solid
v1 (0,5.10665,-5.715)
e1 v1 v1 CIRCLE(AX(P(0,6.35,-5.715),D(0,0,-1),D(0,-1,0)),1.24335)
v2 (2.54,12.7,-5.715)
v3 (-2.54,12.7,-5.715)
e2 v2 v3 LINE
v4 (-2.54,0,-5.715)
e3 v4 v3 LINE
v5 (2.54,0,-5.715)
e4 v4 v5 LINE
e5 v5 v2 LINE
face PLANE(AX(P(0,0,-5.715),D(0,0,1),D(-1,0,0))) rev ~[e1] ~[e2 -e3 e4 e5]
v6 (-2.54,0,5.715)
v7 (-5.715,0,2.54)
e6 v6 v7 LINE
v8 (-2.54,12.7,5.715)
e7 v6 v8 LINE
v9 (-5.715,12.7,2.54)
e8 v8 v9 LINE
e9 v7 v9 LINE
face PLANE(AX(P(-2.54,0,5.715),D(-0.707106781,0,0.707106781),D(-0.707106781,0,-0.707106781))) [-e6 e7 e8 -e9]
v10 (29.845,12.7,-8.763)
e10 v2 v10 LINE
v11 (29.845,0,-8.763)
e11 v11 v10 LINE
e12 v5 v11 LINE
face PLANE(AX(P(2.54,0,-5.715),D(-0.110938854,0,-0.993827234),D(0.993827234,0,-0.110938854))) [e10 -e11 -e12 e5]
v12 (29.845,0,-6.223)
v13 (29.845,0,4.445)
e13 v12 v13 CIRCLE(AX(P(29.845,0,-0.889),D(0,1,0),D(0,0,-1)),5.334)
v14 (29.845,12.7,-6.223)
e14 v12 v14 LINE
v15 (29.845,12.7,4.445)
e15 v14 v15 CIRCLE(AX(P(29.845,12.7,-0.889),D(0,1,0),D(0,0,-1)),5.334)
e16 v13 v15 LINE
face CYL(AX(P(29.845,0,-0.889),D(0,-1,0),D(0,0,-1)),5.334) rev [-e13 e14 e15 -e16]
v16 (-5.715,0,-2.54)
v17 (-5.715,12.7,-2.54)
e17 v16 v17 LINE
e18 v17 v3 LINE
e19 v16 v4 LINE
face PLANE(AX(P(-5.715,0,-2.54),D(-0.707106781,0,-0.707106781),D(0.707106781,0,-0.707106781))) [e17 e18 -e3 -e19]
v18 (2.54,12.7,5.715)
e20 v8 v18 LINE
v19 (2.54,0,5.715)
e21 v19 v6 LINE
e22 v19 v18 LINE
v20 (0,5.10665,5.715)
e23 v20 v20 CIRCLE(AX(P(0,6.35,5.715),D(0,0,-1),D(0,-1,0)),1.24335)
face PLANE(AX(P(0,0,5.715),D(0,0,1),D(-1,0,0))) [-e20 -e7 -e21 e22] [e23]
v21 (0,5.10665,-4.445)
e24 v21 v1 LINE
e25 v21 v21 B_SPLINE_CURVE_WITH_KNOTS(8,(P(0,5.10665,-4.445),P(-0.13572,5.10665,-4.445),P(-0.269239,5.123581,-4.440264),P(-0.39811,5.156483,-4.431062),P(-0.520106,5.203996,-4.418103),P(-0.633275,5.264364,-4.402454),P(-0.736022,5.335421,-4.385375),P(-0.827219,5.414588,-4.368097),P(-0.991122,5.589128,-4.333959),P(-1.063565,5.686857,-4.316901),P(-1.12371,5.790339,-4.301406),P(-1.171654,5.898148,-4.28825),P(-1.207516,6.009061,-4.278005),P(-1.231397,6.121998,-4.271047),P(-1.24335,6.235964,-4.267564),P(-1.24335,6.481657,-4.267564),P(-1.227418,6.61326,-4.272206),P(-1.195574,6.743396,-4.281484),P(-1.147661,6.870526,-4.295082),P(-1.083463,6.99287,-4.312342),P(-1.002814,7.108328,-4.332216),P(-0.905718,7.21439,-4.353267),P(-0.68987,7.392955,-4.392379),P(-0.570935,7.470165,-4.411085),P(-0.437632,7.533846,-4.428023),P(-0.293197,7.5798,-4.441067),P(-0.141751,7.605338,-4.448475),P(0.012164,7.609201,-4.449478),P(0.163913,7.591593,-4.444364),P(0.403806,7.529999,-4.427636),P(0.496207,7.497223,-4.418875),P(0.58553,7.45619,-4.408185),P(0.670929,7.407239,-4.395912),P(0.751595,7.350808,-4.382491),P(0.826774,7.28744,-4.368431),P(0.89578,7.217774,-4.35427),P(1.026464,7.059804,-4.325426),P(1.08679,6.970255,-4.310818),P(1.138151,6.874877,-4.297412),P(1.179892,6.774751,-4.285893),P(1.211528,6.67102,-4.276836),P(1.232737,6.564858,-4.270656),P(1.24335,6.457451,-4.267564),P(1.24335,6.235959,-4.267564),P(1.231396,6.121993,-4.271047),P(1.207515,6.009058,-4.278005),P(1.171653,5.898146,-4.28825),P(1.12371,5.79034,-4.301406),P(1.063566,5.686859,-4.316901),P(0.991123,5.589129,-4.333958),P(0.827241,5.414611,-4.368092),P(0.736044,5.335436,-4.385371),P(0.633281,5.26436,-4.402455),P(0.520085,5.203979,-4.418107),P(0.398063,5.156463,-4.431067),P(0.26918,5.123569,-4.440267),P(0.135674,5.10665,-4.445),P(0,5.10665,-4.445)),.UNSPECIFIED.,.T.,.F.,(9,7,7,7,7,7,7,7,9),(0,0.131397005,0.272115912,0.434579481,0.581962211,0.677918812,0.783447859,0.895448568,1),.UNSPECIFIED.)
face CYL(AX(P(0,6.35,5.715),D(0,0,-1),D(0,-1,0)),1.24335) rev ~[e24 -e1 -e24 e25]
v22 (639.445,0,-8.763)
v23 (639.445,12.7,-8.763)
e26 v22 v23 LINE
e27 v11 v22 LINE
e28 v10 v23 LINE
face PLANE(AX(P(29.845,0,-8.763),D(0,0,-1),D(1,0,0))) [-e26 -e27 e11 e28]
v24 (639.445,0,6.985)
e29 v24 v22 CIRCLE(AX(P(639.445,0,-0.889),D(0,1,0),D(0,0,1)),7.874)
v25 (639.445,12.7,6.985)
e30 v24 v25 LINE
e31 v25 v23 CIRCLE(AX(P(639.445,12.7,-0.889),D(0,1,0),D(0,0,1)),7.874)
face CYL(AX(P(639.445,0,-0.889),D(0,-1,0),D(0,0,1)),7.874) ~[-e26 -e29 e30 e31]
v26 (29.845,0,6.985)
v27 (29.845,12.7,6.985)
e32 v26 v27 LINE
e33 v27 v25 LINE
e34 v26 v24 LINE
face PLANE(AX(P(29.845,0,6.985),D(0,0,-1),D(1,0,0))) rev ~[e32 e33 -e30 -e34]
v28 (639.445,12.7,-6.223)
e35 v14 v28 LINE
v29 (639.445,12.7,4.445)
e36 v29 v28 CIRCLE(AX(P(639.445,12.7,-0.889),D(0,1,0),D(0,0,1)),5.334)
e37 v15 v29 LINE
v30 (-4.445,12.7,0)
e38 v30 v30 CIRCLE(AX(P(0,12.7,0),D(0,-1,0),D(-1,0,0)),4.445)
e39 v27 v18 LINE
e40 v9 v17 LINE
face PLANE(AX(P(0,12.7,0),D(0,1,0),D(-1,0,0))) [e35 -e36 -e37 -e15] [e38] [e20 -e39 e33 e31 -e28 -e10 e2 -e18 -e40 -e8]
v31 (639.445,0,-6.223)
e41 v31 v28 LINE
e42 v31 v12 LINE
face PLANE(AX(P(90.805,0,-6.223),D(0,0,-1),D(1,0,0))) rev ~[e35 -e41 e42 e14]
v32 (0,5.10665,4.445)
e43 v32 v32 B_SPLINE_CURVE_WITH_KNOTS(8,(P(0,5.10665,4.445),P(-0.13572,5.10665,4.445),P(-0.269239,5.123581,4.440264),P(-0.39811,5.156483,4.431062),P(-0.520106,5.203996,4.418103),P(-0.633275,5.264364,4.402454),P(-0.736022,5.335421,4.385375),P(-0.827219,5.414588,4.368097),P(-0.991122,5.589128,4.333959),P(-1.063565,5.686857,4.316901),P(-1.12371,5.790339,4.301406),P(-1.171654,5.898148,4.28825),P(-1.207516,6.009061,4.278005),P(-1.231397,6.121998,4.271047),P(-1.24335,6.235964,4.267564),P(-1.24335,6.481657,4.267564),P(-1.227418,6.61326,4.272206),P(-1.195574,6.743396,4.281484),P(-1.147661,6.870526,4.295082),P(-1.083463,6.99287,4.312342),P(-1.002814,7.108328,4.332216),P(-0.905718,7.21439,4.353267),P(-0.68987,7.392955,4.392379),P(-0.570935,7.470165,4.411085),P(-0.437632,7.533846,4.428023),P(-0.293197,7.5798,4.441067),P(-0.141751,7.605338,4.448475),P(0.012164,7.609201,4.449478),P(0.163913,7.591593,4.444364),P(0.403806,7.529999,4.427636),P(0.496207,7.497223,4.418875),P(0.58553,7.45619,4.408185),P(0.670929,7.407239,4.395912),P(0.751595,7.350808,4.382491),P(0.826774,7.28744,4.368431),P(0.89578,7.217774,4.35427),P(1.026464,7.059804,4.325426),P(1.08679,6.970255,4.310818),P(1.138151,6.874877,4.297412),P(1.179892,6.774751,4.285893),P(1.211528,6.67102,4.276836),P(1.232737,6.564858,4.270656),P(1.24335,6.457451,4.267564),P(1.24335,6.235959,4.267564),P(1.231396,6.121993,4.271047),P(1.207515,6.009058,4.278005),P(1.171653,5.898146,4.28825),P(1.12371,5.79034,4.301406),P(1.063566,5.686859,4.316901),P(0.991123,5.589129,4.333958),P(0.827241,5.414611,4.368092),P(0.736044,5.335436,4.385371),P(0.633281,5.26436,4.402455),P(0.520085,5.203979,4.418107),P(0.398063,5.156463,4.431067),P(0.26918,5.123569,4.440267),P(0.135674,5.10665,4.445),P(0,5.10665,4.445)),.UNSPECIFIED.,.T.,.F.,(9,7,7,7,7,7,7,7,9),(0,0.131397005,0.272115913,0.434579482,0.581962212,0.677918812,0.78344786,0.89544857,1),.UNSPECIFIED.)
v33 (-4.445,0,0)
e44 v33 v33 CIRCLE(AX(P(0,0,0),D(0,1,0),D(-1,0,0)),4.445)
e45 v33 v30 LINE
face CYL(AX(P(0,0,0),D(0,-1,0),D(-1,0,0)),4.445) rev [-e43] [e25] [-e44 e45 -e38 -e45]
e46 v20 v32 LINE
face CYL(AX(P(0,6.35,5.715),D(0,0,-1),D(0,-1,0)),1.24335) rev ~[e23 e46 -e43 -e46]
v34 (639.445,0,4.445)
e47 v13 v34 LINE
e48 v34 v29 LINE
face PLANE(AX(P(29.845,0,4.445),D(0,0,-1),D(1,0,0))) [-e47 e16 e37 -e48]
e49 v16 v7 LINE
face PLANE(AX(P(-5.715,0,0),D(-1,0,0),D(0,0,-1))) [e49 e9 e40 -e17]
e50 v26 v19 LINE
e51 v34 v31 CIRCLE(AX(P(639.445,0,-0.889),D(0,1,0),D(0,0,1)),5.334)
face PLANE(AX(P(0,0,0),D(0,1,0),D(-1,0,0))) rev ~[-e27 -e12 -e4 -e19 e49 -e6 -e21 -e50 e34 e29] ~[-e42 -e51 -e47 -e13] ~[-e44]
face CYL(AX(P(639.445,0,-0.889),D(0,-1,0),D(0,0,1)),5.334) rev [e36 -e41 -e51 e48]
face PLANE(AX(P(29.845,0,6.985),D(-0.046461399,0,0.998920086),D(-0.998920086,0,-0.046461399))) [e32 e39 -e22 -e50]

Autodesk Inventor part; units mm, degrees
ref_plane "YZ Plane" through (0, 0, 0) normal (1, 0, 0) x (0, 1, 0)
ref_plane "XZ Plane" through (0, 0, 0) normal (0, 1, 0) x (-1, 0, 0)
ref_plane "XY Plane" through (0, 0, 0) normal (0, 0, 1) x (1, 0, 0)
sketch "Sketch1" plane through (0, 0, 0) normal (0, 1, 0) x (-1, 0, 0)
  circle A0 centre (0, 0) radius 4.445
  line L0 (4.445, 0) -> (5.715, 0)
  line L1 (0, 4.445) -> (0, 5.715)
  line L2 (0, -4.445) -> (0, -5.715)
  line L3 (0, -5.715) -> (2.54, -5.715)
  line L4 (2.54, -5.715) -> (-2.54, -5.715)
  line L5 (0, 5.715) -> (2.54, 5.715)
  line L6 (2.54, 5.715) -> (-2.54, 5.715)
  line L7 (5.715, 0) -> (5.461, 0)
  line L8 (5.715, 0) -> (5.715, 2.54)
  line L9 (5.715, 2.54) -> (5.715, -2.54)
  line L10 (5.715, -2.54) -> (5.715, 2.54)
  line L11 (2.54, 5.715) -> (5.715, 2.54)
  line L12 (5.715, -2.54) -> (2.54, -5.715)
  line L13 (20.955, 0) -> (-4.445, 0)
  arc A1 (-29.845, -6.223) -> (-29.845, 4.445) centre (-29.845, -0.889) ccw
  line L14 (-29.845, -6.223) -> (-29.845, -8.763)
  line L15 (-29.845, 4.445) -> (-29.845, 6.985)
  line L16 (-29.845, 6.985) -> (-2.54, 5.715)
  line L17 (-2.54, -5.715) -> (-29.845, -8.763)
  line L18 (-29.845, 6.985) -> (-639.445, 6.985)
  line L19 (-29.845, -8.763) -> (-639.445, -8.763)
  line L20 (-29.845, 4.445) -> (-639.445, 4.445)
  line L21 (-29.845, -6.223) -> (-90.805, -6.223)
  arc A2 (-639.445, 6.985) -> (-639.445, -8.763) centre (-639.445, -0.889) ccw
  line L22 (-29.845, -6.223) -> (-639.445, -6.223)
  arc A3 (-639.445, 4.445) -> (-639.445, -6.223) centre (-639.445, -0.889) ccw
  dimension "d0" = 8.89
  dimension "d1" = 1.27
  dimension "d2" = 1.27
  dimension "d3" = 1.27
  dimension "d4" = 2.54
  dimension "d5" = 5.08
  dimension "d6" = 2.54
  dimension "d7" = 5.08
  dimension "d8" = 0.254
  dimension "d9" = 2.54
  dimension "d10" = 5.08
  dimension "d11" = 25.4
  dimension "d12" = 10.668
  dimension "d13" = 2.54
  dimension "d14" = 2.54
  dimension "d15" = 609.6
  dimension "d16" = 609.6
  dimension "d17" = 609.6
  dimension "d18" = 60.96
  dimension "d19" = 609.6
extrude "Extrusion1" add sketch "Sketch1" along normal blind 12.7 contours L0 L9 L12 L3 L2 A0 | A0 L1 L5 L11 L8 L0 | A0 L2 L4 L17 L14 A1 L15 L16 L6 L1 | L15 L20 A3 L22 L21 L14 L19 A2 L18
sketch "Sketch2" plane through (-2.54, 0, 5.715) normal (0, 0, 1) x (1, 0, 0)
  line L0 (2.54, 0) -> (2.54, 12.7)
  line L1 (0, 12.7) -> (5.08, 12.7) projected
  circle A0 centre (2.54, 6.35) radius 1.5875
  dimension "d22" = 3.175
hole "Hole1" at (0, 6.35, 5.715) direction (0, 0, -1) diameter 2.4867 end through all thread size "5-40 UNC" class "2B" standard "ANSI Unified Screw Threads"
properties part number "arm"
